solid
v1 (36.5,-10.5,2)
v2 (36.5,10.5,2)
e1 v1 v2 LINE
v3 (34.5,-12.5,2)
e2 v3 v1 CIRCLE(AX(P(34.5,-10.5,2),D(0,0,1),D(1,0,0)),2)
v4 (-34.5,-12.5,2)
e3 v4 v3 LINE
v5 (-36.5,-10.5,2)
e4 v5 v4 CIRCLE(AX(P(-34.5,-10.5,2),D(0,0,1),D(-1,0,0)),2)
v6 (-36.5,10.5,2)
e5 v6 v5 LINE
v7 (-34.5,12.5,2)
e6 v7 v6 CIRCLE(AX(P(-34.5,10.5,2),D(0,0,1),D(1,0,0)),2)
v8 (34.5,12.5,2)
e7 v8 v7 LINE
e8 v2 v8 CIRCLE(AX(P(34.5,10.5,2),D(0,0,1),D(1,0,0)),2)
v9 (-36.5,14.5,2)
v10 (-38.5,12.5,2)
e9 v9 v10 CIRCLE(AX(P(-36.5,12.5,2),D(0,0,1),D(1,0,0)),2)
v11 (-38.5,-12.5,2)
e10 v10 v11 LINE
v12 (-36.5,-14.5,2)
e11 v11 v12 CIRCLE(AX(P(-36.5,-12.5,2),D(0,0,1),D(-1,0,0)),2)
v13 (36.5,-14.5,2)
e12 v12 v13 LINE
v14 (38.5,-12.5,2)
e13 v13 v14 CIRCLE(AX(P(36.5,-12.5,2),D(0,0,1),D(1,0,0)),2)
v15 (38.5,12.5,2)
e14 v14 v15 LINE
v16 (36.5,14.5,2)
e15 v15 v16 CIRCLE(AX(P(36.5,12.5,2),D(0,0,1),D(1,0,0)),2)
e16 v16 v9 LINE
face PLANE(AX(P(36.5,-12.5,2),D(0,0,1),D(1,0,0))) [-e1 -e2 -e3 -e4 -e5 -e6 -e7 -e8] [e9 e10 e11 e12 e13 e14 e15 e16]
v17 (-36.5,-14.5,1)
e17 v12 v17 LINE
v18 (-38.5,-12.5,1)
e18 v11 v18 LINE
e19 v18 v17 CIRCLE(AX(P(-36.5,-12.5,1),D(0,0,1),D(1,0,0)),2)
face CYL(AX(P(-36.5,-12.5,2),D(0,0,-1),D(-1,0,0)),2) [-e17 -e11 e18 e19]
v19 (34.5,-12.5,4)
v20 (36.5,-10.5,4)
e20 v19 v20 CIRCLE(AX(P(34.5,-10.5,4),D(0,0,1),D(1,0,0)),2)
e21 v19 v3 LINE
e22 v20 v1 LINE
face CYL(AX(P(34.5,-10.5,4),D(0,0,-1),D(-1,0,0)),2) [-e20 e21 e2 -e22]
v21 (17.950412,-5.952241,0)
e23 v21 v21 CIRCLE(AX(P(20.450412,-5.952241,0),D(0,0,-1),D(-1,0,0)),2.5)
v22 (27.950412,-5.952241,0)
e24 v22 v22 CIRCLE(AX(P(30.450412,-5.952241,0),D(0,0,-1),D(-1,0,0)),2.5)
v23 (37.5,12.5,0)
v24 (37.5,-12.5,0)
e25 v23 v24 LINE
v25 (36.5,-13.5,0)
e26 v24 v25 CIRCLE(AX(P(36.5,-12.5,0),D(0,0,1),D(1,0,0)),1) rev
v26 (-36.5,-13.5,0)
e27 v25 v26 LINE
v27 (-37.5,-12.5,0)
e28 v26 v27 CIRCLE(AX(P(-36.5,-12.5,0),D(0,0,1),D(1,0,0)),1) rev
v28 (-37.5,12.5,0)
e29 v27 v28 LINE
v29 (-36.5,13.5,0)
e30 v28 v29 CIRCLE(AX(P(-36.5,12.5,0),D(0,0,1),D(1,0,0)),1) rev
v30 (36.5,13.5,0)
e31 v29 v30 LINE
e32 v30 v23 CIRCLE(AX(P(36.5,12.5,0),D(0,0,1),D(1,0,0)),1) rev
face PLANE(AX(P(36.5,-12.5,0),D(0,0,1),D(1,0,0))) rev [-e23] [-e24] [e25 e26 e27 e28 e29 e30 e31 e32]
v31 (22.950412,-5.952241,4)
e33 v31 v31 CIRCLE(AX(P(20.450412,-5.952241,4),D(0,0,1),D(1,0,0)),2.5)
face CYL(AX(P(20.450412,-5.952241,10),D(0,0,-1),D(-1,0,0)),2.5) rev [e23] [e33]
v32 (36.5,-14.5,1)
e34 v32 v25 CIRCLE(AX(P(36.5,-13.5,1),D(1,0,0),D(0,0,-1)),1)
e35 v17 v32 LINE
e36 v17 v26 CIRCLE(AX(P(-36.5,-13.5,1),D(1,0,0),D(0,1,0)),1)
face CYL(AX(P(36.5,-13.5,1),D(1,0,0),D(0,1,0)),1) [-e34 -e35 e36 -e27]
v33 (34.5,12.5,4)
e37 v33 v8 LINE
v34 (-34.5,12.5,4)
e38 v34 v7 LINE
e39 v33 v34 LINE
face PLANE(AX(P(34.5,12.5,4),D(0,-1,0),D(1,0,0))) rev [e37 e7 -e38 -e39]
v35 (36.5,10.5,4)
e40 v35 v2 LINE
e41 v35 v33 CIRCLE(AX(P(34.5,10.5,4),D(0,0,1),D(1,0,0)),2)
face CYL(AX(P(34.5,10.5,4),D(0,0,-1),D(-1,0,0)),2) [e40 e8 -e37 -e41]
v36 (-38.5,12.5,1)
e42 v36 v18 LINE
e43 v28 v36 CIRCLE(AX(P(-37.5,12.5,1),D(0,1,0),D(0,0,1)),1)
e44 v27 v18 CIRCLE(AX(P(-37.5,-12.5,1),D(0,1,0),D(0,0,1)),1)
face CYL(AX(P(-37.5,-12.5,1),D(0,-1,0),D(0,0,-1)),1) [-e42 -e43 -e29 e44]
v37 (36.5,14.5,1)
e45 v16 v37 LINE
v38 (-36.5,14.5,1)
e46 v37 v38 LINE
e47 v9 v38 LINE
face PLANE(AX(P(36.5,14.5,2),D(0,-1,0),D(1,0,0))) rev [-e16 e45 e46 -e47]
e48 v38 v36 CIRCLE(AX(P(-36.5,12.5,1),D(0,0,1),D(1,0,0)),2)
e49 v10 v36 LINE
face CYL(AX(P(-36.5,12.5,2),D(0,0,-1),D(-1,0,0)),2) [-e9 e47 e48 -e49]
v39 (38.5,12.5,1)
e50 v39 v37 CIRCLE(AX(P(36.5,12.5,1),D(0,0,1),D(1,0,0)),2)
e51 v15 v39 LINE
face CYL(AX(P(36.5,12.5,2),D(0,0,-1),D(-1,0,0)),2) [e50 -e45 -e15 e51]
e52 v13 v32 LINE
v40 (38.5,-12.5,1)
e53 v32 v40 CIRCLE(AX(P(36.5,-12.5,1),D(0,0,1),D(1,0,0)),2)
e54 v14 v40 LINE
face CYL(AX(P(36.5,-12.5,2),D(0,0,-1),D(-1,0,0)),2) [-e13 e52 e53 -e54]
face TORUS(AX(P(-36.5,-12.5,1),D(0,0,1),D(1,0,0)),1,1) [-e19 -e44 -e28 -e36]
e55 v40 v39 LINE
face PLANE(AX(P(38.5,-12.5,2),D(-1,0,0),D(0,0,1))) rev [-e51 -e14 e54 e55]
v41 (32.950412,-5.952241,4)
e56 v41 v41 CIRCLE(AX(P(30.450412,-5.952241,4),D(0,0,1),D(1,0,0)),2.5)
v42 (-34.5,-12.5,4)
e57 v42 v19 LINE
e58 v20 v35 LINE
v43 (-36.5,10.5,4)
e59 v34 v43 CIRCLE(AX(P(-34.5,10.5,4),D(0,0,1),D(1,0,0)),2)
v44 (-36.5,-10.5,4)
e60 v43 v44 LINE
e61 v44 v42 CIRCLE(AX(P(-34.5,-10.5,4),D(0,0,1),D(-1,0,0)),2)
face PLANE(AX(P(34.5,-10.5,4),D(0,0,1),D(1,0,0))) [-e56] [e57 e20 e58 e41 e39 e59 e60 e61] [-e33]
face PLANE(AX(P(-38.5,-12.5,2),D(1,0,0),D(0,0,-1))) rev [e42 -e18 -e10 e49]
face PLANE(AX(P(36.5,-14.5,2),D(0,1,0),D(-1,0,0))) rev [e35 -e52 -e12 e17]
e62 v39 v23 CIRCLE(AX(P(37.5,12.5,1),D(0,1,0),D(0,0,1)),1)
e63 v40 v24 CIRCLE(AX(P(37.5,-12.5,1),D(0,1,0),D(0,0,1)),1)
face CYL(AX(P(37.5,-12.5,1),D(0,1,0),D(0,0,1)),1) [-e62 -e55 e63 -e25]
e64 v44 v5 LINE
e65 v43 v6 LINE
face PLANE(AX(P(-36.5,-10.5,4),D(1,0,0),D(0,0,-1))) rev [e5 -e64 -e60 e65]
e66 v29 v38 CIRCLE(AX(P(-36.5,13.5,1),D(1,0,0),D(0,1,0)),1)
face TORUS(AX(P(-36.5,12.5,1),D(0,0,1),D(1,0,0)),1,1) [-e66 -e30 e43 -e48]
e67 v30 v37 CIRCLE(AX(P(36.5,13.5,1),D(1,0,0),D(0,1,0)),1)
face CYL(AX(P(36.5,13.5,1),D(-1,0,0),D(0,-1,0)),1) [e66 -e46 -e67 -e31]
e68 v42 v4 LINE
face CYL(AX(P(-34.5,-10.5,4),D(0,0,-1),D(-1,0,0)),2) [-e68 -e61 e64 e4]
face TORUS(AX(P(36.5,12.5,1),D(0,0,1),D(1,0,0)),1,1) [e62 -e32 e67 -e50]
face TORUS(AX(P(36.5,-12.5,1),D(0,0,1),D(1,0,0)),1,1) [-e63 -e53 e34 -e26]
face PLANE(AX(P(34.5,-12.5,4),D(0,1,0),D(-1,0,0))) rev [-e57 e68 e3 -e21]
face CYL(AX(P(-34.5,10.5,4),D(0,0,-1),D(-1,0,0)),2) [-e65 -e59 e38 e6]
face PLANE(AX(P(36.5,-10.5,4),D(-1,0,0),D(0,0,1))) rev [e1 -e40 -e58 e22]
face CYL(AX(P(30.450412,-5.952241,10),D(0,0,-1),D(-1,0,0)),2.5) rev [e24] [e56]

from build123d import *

# Parameters (mm, degrees)
BOSS_EXTRUDE1_DEPTH = 2
BOSS_EXTRUDE2_DEPTH = 2
SKETCH3_R           = 2.5
CUT_EXTRUDE1_DEPTH  = 10
FILLET1_R           = 1


with BuildPart() as part:
    # Sketch1 → Boss-Extrude1 (new body)
    with BuildSketch(Plane.XY):
        with BuildLine():
            Line((36.5, -14.5), (-36.5, -14.5))
            ThreePointArc((-36.5, -14.5), (-37.914213562, -13.914213562), (-38.5, -12.5))
            Line((-38.5, -12.5), (-38.5, 12.5))
            ThreePointArc((-38.5, 12.5), (-37.914213562, 13.914213562), (-36.5, 14.5))
            Line((-36.5, 14.5), (36.5, 14.5))
            ThreePointArc((36.5, 14.5), (37.914213562, 13.914213562), (38.5, 12.5))
            Line((38.5, 12.5), (38.5, -12.5))
            ThreePointArc((38.5, -12.5), (37.914213562, -13.914213562), (36.5, -14.5))
        make_face()
    extrude(amount=BOSS_EXTRUDE1_DEPTH)

    # Sketch2 → Boss-Extrude2 (add)
    with BuildSketch(Plane.XY.offset(2)):
        with BuildLine():
            Line((34.5, -12.5), (-34.5, -12.5))
            ThreePointArc((-34.5, -12.5), (-35.914213562, -11.914213562), (-36.5, -10.5))
            Line((-36.5, -10.5), (-36.5, 10.5))
            ThreePointArc((-36.5, 10.5), (-35.914213562, 11.914213562), (-34.5, 12.5))
            Line((-34.5, 12.5), (34.5, 12.5))
            ThreePointArc((34.5, 12.5), (35.914213562, 11.914213562), (36.5, 10.5))
            Line((36.5, 10.5), (36.5, -10.5))
            ThreePointArc((36.5, -10.5), (35.914213562, -11.914213562), (34.5, -12.5))
        make_face()
    extrude(amount=BOSS_EXTRUDE2_DEPTH)

    # Sketch3 → Cut-Extrude1 (cut)
    with BuildSketch(Plane(origin=(0, 0, 0), x_dir=(-1, 0, 0), z_dir=(0, 0, -1))):
        with Locations((-30.450412323, -5.952241092)):
            Circle(SKETCH3_R)
        with Locations((-20.450412323, -5.952241092)):
            Circle(SKETCH3_R)
    extrude(amount=-CUT_EXTRUDE1_DEPTH, mode=Mode.SUBTRACT)

    # Fillet1
    fillet1_edges = [part.edges().sort_by_distance(p)[0] for p in [
        (38.5, 0, 0),
        (37.914213562, -13.914213562, 0),
        (0, -14.5, 0),
        (-37.914213562, -13.914213562, 0),
        (-38.5, 0, 0),
        (-37.914213562, 13.914213562, 0),
        (0, 14.5, 0),
        (37.914213562, 13.914213562, 0),
    ]]
    fillet(fillet1_edges, radius=FILLET1_R)


solid = part.part
